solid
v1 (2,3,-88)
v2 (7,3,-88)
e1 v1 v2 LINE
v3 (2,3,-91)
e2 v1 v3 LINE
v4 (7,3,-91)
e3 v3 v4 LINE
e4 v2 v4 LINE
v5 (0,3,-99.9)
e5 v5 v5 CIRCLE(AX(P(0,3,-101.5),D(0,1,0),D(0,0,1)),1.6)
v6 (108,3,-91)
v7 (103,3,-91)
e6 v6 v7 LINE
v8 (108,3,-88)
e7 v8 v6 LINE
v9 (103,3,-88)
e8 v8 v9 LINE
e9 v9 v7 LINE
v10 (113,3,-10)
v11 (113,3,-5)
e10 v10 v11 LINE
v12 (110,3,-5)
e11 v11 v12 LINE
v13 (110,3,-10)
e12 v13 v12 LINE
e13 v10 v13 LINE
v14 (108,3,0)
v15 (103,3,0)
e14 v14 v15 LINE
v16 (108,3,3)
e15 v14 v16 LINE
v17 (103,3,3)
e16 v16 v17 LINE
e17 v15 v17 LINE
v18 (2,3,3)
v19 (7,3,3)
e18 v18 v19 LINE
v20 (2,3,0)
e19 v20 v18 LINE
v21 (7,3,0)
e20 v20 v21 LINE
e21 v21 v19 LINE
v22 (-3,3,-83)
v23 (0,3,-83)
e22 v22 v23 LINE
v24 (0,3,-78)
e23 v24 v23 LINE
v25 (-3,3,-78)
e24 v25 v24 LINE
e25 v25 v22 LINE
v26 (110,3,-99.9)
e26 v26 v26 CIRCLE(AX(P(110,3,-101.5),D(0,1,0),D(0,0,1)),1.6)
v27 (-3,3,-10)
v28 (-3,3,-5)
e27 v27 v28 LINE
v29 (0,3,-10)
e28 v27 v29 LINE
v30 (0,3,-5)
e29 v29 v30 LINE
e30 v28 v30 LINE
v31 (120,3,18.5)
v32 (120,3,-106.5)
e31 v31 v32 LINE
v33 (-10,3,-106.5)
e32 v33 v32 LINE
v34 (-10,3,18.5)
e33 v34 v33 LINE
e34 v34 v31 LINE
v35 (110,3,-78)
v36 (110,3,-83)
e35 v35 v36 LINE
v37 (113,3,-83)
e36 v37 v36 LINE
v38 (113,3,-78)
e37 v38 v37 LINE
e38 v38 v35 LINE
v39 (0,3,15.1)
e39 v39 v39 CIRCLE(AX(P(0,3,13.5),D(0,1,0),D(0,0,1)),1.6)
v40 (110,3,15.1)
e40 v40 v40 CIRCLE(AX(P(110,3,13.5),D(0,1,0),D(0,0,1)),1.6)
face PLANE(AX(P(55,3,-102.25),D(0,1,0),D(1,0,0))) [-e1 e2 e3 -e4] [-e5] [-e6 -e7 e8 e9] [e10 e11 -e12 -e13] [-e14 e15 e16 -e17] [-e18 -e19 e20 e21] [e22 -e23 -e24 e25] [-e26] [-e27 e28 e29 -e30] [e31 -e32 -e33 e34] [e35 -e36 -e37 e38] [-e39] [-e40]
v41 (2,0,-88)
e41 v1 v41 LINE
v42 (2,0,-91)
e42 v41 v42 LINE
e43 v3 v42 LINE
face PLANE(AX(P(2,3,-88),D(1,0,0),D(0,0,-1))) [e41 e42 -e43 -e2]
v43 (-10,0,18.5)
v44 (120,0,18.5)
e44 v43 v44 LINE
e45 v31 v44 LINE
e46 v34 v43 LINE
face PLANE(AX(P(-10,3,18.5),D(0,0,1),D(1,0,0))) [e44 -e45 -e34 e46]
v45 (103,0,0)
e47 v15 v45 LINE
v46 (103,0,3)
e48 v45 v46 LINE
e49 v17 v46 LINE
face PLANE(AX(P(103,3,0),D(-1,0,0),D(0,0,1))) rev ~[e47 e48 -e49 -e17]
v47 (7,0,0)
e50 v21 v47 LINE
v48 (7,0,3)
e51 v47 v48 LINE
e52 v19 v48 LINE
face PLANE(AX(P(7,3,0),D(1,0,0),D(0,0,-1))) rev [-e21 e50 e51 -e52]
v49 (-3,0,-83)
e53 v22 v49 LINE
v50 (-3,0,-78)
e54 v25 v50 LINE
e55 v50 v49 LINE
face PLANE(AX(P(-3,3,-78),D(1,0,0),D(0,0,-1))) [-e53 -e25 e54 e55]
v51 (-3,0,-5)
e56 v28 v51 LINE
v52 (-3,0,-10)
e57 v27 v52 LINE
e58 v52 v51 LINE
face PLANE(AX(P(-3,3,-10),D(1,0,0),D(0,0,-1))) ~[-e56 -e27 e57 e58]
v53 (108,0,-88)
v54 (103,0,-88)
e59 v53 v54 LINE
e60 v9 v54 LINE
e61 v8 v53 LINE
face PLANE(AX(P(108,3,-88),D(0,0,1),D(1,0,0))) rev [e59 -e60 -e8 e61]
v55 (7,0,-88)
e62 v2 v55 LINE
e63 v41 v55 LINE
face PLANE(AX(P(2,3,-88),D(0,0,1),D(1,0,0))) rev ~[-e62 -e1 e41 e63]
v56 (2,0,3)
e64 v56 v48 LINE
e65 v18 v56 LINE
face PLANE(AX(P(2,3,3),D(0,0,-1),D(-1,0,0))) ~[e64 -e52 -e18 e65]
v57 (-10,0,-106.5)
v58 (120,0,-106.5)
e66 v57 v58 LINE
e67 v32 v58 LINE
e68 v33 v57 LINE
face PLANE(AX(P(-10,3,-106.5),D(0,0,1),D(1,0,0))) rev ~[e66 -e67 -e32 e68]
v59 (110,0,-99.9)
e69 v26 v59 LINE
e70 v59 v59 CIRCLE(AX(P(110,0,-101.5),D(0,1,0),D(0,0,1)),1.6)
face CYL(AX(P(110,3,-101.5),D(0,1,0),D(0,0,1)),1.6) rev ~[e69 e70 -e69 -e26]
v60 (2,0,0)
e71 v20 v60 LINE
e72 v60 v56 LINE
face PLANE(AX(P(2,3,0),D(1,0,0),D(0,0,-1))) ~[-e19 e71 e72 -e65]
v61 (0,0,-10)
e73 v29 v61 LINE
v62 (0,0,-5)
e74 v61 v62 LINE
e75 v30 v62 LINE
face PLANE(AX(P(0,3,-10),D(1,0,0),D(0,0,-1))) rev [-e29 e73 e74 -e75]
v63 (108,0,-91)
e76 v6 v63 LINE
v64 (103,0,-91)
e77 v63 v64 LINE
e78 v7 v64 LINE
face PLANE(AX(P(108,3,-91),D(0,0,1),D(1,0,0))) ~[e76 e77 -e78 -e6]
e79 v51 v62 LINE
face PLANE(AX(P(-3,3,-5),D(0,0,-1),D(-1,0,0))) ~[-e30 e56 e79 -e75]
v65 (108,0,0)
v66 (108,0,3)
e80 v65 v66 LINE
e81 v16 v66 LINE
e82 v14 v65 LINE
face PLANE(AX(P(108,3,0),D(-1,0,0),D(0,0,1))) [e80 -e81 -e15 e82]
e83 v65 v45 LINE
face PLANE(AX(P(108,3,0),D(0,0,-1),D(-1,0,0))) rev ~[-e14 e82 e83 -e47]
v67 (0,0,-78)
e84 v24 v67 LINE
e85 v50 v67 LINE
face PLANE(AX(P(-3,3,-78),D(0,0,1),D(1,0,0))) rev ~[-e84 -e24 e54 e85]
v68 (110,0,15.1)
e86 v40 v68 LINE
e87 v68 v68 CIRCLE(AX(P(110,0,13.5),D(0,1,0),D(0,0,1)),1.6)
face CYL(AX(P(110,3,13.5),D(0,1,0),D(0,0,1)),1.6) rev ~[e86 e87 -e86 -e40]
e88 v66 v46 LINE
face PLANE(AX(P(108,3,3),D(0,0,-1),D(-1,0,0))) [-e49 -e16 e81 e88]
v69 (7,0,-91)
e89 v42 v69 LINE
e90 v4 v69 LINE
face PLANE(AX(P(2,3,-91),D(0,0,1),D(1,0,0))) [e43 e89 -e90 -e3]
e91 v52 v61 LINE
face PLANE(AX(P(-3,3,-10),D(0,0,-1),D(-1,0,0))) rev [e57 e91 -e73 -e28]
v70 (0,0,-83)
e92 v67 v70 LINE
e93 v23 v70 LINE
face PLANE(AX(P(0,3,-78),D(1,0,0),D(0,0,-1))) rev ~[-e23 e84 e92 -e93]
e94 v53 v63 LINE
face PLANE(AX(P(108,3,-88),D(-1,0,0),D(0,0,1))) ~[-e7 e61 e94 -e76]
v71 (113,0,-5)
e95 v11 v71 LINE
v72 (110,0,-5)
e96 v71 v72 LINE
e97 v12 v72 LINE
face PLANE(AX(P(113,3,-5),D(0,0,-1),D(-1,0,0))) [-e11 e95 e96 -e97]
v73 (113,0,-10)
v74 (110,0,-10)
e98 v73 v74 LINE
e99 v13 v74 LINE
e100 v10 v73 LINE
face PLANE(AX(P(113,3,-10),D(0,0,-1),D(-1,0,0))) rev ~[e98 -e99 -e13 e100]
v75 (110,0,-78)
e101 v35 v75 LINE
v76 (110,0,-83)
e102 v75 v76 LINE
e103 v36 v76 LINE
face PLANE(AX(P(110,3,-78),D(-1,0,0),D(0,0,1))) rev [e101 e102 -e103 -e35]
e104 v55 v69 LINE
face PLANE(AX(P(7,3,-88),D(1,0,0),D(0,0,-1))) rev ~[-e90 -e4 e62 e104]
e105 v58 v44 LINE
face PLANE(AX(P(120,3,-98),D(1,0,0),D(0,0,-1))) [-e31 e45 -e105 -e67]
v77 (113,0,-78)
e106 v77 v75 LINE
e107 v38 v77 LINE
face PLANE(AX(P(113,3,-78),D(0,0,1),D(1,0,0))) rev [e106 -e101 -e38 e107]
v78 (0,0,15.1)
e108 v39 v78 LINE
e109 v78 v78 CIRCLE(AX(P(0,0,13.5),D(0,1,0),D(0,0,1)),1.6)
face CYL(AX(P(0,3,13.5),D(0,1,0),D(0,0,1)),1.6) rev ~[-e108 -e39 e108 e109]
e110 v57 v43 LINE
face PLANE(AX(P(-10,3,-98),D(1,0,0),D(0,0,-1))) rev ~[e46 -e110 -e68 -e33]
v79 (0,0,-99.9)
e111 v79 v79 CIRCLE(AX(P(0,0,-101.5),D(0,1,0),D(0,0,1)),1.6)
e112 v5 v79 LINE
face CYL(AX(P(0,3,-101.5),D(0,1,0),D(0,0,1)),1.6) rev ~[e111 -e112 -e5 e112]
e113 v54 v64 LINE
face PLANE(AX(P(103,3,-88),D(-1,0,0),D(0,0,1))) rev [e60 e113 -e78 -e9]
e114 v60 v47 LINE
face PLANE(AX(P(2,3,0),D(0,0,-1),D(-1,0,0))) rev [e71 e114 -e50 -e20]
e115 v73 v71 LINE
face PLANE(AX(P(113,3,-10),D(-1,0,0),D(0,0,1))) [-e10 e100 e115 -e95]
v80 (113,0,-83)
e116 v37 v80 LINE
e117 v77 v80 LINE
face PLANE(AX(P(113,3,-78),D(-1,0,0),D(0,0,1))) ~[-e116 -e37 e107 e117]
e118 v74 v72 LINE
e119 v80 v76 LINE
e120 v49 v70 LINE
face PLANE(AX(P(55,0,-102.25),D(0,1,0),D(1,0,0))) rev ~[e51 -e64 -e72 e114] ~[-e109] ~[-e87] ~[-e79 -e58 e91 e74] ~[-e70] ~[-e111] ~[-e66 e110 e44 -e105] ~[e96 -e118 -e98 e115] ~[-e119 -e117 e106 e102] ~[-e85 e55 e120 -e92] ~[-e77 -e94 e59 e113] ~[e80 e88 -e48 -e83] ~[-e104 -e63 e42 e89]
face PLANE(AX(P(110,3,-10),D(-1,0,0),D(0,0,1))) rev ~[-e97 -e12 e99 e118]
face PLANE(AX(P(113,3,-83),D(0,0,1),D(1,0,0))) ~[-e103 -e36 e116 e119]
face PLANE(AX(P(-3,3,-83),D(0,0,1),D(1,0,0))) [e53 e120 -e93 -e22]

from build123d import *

# Parameters (mm, degrees)
SKETCH_2_W                 = 130
SKETCH_2_H                 = 108
EXTRUDE_1_DEPTH            = 3
SKETCH_3_W                 = 5
SKETCH_3_H                 = 3
SKETCH_3_W_2               = 3
SKETCH_3_H_2               = 5
CUT_EXTRUDE_1_DEPTH        = 155.961285488
MIRROR_2_COPY_1_SKETCH_W   = 5
MIRROR_2_COPY_1_SKETCH_H   = 3
MIRROR_2_COPY_1_SKETCH_W_2 = 3
MIRROR_2_COPY_1_SKETCH_H_2 = 5
MIRROR_2_COPY_1_DEPTH      = 155.961285488
SKETCH_5_W                 = 130
SKETCH_5_H                 = 8.5
EXTRUDE_2_DEPTH            = 3
SKETCH_6_R                 = 1.6
CUT_EXTRUDE_2_DEPTH        = 161.471960168


with BuildPart() as part:
    # 草图2 → 凸台-拉伸1 (new body)
    with BuildSketch(Plane(origin=(0, 0, 0), x_dir=(1, 0, 0), z_dir=(0, 1, 0))):
        with Locations((55, 44)):
            Rectangle(SKETCH_2_W, SKETCH_2_H)
    extrude(amount=EXTRUDE_1_DEPTH)

    # 草图3 → 切除-拉伸1 (cut, through all)
    with BuildSketch(Plane(origin=(0, 3, 0), x_dir=(1, 0, 0), z_dir=(0, 1, 0))):
        with Locations((4.5, 89.5)):
            Rectangle(SKETCH_3_W, SKETCH_3_H)
        with Locations((-1.5, 80.5)):
            Rectangle(SKETCH_3_W_2, SKETCH_3_H_2)
    cut_extrude_1 = extrude(amount=-CUT_EXTRUDE_1_DEPTH, mode=Mode.SUBTRACT)

    # 镜向1: 切除-拉伸1 across plane
    add(cut_extrude_1.mirror(Plane.ZY.offset(-55)), mode=Mode.SUBTRACT)

    # 镜向2: 切除-拉伸1 across plane
    add(cut_extrude_1.mirror(Plane(origin=(0, 0, -44), x_dir=(1, 0, 0), z_dir=(0, 0, -1))), mode=Mode.SUBTRACT)

    # 镜向2 copy 1 sketch → 镜向2 copy 1 (cut, through all)
    with BuildSketch(Plane(origin=(110, 3, -88), x_dir=(-1, 0, 0), z_dir=(0, 1, 0))):
        with Locations((4.5, 89.5)):
            Rectangle(MIRROR_2_COPY_1_SKETCH_W, MIRROR_2_COPY_1_SKETCH_H)
        with Locations((-1.5, 80.5)):
            Rectangle(MIRROR_2_COPY_1_SKETCH_W_2, MIRROR_2_COPY_1_SKETCH_H_2)
    extrude(amount=-MIRROR_2_COPY_1_DEPTH, mode=Mode.SUBTRACT)

    # 草图5 → 凸台-拉伸2 (add)
    with BuildSketch(Plane(origin=(0, 3, 0), x_dir=(1, 0, 0), z_dir=(0, 1, 0))):
        with Locations((55, 102.25)):
            Rectangle(SKETCH_5_W, SKETCH_5_H)
        with Locations((55, -14.25)):
            Rectangle(SKETCH_5_W, SKETCH_5_H)
    extrude(amount=-EXTRUDE_2_DEPTH)

    # 草图6 → 切除-拉伸2 (cut, through all)
    with BuildSketch(Plane(origin=(0, 3, 0), x_dir=(1, 0, 0), z_dir=(0, 1, 0))):
        with Locations(Location((0, 101.5, 0), (0, 0, 270))):
            Circle(SKETCH_6_R)
        with Locations(Location((0, -13.5, 0), (0, 0, 270))):
            Circle(SKETCH_6_R)
        with Locations(Location((110, 101.5, 0), (0, 0, 270))):
            Circle(SKETCH_6_R)
        with Locations(Location((110, -13.5, 0), (0, 0, 270))):
            Circle(SKETCH_6_R)
    extrude(amount=-CUT_EXTRUDE_2_DEPTH, mode=Mode.SUBTRACT)


solid = part.part
